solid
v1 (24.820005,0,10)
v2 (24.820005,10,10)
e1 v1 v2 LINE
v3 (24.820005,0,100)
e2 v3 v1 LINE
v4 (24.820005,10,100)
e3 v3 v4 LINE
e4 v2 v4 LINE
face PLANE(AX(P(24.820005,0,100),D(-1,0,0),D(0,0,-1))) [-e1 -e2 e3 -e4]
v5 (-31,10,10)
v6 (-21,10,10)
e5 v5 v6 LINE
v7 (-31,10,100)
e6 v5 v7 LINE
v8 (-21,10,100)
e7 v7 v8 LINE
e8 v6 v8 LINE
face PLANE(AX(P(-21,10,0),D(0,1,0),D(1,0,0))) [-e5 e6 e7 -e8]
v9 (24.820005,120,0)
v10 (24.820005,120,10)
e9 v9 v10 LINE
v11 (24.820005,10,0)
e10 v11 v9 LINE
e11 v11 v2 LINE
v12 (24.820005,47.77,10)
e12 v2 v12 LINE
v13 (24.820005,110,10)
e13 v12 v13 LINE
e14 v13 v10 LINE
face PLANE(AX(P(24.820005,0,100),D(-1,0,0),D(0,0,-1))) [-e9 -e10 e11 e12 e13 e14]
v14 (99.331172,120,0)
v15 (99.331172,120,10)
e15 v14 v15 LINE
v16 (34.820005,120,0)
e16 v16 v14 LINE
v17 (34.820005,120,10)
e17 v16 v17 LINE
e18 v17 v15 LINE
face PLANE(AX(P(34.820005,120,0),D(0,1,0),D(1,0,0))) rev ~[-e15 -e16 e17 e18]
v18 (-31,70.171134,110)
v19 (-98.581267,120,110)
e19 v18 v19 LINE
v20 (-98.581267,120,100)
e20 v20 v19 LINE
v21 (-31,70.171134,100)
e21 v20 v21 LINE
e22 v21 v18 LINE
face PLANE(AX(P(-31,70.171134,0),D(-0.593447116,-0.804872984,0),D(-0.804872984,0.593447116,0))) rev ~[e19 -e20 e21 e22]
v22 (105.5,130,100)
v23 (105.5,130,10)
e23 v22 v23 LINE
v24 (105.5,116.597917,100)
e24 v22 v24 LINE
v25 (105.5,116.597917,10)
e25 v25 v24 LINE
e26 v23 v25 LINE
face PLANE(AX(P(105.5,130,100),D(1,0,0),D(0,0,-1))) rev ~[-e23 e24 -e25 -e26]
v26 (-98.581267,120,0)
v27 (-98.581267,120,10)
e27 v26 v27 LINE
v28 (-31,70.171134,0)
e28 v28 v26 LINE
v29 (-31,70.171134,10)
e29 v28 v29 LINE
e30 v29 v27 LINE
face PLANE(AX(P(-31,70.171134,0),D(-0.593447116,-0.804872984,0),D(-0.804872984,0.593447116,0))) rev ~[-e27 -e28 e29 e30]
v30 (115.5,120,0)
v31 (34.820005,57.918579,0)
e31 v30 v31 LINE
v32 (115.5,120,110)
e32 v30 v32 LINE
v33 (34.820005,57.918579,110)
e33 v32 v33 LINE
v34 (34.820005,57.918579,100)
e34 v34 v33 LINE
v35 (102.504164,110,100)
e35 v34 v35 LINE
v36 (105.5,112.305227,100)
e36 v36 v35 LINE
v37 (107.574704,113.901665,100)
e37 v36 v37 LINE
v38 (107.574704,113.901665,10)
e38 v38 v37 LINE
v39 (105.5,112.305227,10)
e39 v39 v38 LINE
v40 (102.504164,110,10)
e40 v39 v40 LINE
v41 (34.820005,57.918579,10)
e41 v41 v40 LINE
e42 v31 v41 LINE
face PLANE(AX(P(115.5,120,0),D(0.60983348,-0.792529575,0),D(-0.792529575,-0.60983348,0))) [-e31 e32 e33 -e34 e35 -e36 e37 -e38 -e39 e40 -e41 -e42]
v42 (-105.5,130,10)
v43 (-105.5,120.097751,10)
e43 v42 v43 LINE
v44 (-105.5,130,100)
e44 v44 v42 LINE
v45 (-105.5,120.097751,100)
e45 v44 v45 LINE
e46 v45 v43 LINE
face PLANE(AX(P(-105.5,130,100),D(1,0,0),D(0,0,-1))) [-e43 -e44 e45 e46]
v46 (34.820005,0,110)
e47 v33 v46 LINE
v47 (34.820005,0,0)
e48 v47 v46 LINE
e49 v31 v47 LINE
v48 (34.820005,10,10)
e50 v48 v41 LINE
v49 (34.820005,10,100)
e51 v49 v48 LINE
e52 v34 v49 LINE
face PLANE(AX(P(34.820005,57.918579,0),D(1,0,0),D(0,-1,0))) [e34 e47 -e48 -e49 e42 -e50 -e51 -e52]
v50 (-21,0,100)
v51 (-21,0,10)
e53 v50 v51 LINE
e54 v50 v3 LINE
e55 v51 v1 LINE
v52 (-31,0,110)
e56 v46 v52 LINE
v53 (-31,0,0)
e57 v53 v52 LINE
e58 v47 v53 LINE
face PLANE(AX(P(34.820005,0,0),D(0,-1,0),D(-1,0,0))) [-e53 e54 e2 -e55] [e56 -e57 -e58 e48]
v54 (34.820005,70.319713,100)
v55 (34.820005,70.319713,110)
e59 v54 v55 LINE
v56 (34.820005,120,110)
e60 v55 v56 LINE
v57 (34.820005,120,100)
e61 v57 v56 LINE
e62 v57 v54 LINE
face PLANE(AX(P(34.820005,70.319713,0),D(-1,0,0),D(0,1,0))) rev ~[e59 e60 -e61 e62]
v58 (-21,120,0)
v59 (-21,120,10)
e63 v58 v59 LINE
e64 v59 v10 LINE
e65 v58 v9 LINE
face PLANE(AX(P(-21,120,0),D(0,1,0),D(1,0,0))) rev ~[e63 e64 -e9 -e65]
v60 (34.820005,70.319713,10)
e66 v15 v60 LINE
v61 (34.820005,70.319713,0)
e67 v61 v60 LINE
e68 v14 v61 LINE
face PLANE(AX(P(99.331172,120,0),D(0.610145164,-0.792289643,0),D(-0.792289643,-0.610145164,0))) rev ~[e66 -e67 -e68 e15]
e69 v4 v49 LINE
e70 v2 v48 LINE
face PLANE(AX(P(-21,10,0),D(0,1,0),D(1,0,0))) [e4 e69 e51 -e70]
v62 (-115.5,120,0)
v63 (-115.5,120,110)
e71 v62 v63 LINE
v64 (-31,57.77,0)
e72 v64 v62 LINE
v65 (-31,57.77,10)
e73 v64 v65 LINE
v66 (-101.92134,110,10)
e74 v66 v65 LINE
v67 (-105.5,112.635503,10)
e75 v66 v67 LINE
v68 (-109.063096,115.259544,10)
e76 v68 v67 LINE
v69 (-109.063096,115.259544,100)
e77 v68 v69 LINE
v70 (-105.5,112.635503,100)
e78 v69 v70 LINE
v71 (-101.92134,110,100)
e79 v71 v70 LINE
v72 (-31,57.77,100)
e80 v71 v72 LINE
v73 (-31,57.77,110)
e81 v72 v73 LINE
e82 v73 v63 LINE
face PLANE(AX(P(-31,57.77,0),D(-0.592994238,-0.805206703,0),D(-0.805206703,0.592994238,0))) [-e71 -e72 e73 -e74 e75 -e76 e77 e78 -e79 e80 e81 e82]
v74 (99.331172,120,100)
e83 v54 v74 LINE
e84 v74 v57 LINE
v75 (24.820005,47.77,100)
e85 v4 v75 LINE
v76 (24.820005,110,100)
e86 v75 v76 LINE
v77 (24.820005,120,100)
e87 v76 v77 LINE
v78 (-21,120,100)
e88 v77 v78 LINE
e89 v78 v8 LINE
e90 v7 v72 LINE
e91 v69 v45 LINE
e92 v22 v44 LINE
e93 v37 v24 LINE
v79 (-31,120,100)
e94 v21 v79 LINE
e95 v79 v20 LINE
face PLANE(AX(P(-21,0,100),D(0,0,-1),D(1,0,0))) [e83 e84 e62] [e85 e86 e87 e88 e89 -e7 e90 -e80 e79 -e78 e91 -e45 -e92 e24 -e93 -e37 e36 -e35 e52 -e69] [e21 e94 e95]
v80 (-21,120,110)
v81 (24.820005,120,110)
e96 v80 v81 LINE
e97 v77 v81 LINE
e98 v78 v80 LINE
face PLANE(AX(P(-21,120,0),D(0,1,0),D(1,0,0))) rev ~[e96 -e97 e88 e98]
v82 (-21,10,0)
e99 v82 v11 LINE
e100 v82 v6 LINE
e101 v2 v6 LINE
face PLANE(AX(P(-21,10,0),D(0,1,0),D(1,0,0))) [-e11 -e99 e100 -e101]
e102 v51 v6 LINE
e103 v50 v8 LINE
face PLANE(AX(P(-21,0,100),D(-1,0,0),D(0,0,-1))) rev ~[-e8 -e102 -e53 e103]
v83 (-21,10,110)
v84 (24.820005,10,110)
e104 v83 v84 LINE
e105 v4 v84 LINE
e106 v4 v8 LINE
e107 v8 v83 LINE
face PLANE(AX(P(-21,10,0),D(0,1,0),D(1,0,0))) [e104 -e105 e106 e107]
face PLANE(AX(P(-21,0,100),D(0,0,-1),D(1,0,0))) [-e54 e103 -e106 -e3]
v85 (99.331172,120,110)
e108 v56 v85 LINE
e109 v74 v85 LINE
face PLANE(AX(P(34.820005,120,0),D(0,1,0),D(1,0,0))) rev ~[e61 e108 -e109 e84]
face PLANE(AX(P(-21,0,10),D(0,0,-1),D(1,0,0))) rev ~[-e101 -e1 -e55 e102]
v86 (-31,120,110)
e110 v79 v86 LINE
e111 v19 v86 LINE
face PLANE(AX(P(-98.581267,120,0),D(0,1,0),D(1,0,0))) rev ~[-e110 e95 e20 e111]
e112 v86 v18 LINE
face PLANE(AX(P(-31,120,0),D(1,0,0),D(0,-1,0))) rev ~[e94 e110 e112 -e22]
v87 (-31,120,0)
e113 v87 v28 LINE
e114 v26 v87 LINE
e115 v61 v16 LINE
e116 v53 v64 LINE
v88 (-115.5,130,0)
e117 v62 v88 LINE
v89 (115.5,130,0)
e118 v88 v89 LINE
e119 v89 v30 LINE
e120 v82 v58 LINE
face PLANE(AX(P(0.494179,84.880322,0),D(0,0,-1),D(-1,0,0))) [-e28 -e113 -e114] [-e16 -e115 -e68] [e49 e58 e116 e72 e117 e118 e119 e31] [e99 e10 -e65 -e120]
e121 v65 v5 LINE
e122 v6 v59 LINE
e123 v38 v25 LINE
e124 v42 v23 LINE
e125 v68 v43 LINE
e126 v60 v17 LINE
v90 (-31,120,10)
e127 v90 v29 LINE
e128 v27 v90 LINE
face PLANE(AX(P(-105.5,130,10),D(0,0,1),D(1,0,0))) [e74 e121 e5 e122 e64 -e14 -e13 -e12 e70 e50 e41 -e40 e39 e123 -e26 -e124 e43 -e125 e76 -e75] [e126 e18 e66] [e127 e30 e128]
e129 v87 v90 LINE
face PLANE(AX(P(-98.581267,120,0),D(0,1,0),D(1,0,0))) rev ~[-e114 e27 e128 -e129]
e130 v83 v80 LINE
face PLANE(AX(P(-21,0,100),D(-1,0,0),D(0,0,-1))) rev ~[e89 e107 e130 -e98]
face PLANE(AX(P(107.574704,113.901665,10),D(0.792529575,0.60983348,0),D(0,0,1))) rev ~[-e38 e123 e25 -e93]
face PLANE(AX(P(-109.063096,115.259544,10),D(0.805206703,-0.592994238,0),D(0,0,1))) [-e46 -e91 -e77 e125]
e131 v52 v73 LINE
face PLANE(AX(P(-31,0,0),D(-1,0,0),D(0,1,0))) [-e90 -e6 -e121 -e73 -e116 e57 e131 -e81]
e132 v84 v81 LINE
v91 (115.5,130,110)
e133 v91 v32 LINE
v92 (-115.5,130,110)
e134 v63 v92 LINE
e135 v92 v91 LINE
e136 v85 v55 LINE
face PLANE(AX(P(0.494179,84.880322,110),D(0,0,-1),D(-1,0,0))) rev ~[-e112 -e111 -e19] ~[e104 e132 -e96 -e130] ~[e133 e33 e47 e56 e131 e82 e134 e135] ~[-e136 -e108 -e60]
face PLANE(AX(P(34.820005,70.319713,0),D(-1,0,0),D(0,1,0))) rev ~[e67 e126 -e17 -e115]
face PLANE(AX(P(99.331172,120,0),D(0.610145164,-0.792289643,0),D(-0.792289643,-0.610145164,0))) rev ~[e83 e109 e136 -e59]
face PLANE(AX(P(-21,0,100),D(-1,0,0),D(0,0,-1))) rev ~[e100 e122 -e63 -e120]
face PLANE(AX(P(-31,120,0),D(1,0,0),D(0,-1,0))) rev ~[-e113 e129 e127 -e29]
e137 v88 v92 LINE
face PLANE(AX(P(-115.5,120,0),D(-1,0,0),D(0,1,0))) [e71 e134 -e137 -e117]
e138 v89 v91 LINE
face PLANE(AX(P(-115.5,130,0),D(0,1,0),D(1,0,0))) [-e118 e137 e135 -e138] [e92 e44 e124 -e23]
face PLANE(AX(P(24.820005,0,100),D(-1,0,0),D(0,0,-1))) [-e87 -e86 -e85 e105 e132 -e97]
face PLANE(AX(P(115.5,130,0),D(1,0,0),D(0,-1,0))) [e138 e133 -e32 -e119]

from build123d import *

# Parameters (mm, degrees)
SKETCH3_W           = 45.820005247
SKETCH3_H           = 110
EXTRUDE1_DEPTH      = 110
SKETCH5_W           = 90
SKETCH5_H           = 37.77
CUT_EXTRUDE1_DEPTH  = 72
SKETCH6_W           = 45.820005247
SKETCH6_H           = 90
CUT_EXTRUDE3_DEPTH  = 130
SKETCH8_W           = 211
SKETCH8_H           = 90
CUT_EXTRUDE4_DEPTH  = 20
SKETCH9_W           = 91.800610731
SKETCH9_H           = 90
CUT_EXTRUDE6_DEPTH  = 10
SKETCH10_W          = 90
SKETCH10_H          = 72.23
CUT_EXTRUDE9_DEPTH  = 10
SKETCH11_W          = 103.619303527
SKETCH11_H          = 90
CUT_EXTRUDE11_DEPTH = 20
SKETCH12_W          = 90
SKETCH12_H          = 82.03288143
CUT_EXTRUDE13_DEPTH = 20


with BuildPart() as part:
    # Sketch3 → Extrude1 (new body)
    with BuildSketch(Plane.XY):
        Polygon((-115.5, 130), (115.5, 130), (115.5, 120), (34.820005247, 57.918579334), (34.820005247, 0), (-31, 0), (-31, 57.77), (-115.5, 120), align=None)
        Polygon((-31, 120), (-31, 70.171133991), (-98.581267218, 120), align=None, mode=Mode.SUBTRACT)
        Polygon((34.820005247, 70.319713325), (34.820005247, 120), (99.331172327, 120), align=None, mode=Mode.SUBTRACT)
        with Locations((1.910002624, 65)):
            Rectangle(SKETCH3_W, SKETCH3_H, mode=Mode.SUBTRACT)
    extrude(amount=EXTRUDE1_DEPTH)

    # Sketch5 → Cut-Extrude1 (cut)
    with BuildSketch(Plane.ZY.offset(31)):
        with Locations((55, 28.885)):
            Rectangle(SKETCH5_W, SKETCH5_H)
    extrude(amount=-CUT_EXTRUDE1_DEPTH, mode=Mode.SUBTRACT)

    # Sketch6 → Cut-Extrude3 (cut)
    with BuildSketch(Plane(origin=(0, 0, 0), x_dir=(1, 0, 0), z_dir=(0, 1, 0))):
        with Locations((1.910002624, -55)):
            Rectangle(SKETCH6_W, SKETCH6_H)
    extrude(amount=CUT_EXTRUDE3_DEPTH, mode=Mode.SUBTRACT)

    # Sketch8 → Cut-Extrude4 (cut)
    with BuildSketch(Plane(origin=(0, 130, 0), x_dir=(1, 0, 0), z_dir=(0, 1, 0))):
        with Locations((0, -55)):
            Rectangle(SKETCH8_W, SKETCH8_H)
    extrude(amount=-CUT_EXTRUDE4_DEPTH, mode=Mode.SUBTRACT)

    # Sketch9 → Cut-Extrude6 (cut)
    with BuildSketch(Plane(origin=(-15.043239393, 19.549946865, 0), x_dir=(0.792529575, 0.60983348, 0), z_dir=(0.60983348, -0.792529575, 0))):
        with Locations((108.816878092, 55)):
            Rectangle(SKETCH9_W, SKETCH9_H)
    extrude(amount=-CUT_EXTRUDE6_DEPTH, mode=Mode.SUBTRACT)

    # Sketch10 → Cut-Extrude9 (cut)
    with BuildSketch(Plane(origin=(34.820005247, 0, 0), x_dir=(0, 0, -1), z_dir=(1, 0, 0))):
        with Locations((-55, 83.885)):
            Rectangle(SKETCH10_W, SKETCH10_H)
    extrude(amount=-CUT_EXTRUDE9_DEPTH, mode=Mode.SUBTRACT)

    # Sketch11 → Cut-Extrude11 (cut)
    with BuildSketch(Plane(origin=(16.683281999, 22.653661079, 0), x_dir=(0.805206703, -0.592994238, 0), z_dir=(-0.592994238, -0.805206703, 0))):
        with Locations((-104.356929468, 55)):
            Rectangle(SKETCH11_W, SKETCH11_H)
    extrude(amount=-CUT_EXTRUDE11_DEPTH, mode=Mode.SUBTRACT)

    # Sketch12 → Cut-Extrude13 (cut)
    with BuildSketch(Plane.ZY.offset(31)):
        with Locations((55, 88.786440715)):
            Rectangle(SKETCH12_W, SKETCH12_H)
    extrude(amount=-CUT_EXTRUDE13_DEPTH, mode=Mode.SUBTRACT)


solid = part.part
